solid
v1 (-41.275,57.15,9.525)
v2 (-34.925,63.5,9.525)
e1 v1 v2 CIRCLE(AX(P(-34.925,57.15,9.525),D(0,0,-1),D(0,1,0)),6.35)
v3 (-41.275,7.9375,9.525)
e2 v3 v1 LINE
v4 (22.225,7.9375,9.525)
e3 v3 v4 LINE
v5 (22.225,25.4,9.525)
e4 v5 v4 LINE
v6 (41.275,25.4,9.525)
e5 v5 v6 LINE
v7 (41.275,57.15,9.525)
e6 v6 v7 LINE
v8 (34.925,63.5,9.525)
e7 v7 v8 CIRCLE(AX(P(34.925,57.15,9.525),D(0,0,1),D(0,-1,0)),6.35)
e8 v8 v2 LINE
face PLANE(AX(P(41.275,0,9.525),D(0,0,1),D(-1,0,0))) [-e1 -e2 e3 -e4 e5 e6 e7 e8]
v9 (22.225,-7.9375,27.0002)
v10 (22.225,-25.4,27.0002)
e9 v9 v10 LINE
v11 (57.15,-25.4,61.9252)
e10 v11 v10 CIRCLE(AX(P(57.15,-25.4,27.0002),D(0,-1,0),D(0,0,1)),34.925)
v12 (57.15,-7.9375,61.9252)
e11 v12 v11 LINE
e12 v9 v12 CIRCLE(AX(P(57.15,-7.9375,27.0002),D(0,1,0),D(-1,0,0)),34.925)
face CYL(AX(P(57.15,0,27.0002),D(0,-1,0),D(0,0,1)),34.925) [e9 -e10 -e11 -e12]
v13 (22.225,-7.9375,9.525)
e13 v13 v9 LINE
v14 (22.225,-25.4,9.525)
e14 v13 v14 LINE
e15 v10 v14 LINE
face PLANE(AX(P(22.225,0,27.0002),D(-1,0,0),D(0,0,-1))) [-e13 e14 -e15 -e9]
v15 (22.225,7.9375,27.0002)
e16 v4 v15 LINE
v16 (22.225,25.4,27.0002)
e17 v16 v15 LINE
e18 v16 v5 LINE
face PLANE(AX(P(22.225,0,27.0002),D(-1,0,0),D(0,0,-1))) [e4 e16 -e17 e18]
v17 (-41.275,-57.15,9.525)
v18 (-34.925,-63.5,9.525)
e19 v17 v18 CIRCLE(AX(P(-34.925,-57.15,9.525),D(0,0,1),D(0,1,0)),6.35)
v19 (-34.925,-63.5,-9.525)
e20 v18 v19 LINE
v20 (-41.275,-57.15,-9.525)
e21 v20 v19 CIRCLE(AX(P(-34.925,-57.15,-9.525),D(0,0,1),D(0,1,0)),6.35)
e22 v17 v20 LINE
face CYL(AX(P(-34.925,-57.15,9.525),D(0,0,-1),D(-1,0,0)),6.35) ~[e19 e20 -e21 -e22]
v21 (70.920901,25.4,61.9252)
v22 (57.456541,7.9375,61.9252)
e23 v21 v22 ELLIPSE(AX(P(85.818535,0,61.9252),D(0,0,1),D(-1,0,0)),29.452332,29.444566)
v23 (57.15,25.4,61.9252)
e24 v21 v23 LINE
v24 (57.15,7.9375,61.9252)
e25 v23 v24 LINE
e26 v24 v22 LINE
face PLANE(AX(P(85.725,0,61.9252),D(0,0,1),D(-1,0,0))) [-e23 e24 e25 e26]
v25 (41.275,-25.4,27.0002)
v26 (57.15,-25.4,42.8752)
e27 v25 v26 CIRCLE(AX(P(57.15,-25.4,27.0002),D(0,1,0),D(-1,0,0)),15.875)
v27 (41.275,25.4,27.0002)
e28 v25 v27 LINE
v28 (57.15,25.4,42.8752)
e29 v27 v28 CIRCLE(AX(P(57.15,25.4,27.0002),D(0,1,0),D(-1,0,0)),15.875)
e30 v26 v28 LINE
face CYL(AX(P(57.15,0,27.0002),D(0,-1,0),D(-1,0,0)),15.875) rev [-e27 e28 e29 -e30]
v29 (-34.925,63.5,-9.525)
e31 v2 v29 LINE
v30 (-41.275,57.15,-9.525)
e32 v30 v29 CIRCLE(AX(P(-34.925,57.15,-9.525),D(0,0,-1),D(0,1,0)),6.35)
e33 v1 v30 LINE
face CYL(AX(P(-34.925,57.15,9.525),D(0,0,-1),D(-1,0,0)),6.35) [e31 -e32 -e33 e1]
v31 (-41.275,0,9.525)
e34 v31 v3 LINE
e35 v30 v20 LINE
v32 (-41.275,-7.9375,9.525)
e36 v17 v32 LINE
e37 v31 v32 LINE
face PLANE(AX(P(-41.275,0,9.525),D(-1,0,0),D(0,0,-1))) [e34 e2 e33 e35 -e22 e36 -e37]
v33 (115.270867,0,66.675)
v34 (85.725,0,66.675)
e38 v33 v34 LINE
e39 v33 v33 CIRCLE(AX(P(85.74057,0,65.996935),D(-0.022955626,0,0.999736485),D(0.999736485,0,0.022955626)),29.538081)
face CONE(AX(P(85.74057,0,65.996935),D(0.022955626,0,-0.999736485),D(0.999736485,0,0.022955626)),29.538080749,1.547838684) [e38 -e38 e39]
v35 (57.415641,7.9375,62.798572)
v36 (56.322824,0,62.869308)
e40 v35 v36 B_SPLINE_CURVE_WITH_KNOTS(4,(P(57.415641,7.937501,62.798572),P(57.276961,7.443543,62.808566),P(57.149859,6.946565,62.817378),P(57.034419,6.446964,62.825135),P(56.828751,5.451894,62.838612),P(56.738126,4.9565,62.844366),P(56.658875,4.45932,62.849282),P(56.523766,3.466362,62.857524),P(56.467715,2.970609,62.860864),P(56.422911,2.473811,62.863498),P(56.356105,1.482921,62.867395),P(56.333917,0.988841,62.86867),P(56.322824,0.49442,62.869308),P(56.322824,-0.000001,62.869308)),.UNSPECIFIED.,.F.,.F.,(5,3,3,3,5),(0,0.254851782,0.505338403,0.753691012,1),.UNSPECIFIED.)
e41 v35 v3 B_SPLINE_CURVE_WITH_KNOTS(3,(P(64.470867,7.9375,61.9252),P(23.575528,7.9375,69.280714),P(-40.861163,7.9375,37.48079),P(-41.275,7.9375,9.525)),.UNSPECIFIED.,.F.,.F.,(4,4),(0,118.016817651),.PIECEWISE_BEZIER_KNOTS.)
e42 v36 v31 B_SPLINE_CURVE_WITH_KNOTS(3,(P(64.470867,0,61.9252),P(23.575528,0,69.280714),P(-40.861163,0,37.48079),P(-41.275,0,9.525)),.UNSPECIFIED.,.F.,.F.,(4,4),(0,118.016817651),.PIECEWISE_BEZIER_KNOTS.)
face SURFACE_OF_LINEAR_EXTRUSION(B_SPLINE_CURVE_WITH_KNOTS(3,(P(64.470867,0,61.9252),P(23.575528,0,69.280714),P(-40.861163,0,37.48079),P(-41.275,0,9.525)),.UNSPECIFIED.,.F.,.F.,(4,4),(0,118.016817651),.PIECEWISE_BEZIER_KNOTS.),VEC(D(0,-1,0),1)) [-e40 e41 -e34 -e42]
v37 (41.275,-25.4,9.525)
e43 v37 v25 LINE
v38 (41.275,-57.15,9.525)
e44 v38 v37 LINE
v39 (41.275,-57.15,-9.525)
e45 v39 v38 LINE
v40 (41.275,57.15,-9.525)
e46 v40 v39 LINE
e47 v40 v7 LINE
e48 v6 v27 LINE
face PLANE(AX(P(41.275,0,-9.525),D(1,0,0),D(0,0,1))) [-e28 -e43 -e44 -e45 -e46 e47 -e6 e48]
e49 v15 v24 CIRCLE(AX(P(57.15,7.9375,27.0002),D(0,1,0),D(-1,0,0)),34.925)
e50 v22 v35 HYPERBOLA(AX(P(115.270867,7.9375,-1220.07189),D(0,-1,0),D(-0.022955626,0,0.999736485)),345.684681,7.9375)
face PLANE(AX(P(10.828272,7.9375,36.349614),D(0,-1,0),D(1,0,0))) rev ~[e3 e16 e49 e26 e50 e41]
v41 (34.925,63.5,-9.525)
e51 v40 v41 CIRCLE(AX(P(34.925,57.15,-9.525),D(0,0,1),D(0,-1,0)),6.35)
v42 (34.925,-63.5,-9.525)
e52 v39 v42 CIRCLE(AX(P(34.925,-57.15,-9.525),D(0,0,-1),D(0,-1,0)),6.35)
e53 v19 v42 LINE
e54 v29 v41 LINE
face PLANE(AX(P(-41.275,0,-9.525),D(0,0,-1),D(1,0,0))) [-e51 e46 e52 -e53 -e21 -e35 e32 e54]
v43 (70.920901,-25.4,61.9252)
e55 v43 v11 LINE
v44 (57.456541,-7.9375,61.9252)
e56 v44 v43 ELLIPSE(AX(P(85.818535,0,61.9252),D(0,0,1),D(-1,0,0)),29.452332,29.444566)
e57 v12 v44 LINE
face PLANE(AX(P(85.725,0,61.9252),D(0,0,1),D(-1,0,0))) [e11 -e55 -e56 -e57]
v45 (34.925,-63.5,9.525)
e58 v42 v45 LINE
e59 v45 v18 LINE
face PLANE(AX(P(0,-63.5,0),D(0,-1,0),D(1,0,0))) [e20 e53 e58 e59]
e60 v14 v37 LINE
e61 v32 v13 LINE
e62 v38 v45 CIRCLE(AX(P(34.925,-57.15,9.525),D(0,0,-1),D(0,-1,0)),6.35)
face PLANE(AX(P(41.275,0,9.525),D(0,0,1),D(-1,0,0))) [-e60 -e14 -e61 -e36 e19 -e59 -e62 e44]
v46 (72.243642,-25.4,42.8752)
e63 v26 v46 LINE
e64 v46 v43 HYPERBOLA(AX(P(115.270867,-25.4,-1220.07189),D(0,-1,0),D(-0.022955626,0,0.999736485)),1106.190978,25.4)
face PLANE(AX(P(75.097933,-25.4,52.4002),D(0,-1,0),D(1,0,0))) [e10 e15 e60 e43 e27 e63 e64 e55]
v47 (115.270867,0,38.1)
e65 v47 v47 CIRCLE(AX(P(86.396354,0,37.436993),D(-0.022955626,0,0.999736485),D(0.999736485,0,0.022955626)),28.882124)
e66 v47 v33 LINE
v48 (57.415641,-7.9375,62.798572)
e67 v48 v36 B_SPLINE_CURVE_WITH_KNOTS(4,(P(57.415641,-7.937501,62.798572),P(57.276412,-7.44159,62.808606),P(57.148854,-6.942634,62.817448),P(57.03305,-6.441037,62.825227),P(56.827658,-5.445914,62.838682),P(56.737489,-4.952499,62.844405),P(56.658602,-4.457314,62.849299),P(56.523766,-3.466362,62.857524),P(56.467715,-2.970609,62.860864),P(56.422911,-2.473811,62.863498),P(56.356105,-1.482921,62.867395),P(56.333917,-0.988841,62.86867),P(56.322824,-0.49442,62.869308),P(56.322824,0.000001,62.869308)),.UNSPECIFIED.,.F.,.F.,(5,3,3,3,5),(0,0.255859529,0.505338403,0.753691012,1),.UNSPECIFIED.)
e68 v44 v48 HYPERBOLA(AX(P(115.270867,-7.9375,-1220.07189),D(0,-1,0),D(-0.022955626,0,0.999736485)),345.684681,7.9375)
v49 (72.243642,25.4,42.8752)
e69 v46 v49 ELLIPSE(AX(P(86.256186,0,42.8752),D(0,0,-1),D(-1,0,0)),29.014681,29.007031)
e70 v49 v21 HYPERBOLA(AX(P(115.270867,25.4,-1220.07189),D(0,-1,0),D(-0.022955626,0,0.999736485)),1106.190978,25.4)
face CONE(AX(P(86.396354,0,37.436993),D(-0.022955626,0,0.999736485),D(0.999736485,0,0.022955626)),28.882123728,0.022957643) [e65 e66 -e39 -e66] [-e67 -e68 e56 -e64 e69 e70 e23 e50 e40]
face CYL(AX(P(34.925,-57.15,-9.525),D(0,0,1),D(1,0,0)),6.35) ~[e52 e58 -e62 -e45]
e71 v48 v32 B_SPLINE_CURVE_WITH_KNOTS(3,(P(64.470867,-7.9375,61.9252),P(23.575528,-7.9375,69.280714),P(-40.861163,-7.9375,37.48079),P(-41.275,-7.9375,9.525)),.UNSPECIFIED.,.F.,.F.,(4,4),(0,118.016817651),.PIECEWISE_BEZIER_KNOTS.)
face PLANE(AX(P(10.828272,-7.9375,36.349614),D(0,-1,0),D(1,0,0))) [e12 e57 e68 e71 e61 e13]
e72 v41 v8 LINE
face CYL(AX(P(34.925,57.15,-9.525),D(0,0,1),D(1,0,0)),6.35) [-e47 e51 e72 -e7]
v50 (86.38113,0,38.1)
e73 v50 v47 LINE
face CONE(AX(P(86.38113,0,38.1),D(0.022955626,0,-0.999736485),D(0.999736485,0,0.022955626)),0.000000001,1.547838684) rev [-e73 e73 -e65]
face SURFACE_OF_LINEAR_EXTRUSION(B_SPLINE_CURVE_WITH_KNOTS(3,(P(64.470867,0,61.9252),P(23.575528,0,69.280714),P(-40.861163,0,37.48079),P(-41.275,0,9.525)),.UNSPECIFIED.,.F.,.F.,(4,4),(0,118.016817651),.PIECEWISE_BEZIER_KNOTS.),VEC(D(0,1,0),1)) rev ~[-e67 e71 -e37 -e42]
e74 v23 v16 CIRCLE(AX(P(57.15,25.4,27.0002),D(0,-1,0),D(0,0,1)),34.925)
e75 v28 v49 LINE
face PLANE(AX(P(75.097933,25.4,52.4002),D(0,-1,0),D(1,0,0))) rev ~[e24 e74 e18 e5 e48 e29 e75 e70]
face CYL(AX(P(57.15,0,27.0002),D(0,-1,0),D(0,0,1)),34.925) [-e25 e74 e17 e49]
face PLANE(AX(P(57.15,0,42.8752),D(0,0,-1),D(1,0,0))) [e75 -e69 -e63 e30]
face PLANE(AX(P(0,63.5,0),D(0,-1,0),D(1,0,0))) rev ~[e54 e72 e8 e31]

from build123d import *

# Parameters (mm, degrees)
F1_DEPTH = 63.5
F0_W     = 21.2541334692
F0_H     = 19.05
F2_DEPTH = 25.4
F3_DEPTH = 7.9375
F5_R     = 6.35


with BuildPart() as f1:
    # F0 (on Front) → F1 (new body, symmetric)
    with BuildSketch(Plane.XZ):
        Polygon((22.225, 9.525), (-41.275, 9.525), (-41.275, -9.525), (41.275, -9.525), (41.275, 9.525), align=None)
    extrude(amount=F1_DEPTH, both=True)

    # F0 (on Front) → F2 (join, symmetric)
    with BuildSketch(Plane.XZ):
        with Locations((75.0979332654, 52.4002)):
            Rectangle(F0_W, F0_H)
        with BuildLine():
            Line((22.225, 27.0002), (22.225, 9.525))
            Line((22.225, 9.525), (41.275, 9.525))
            Line((41.275, 9.525), (41.275, 27.0002))
            ThreePointArc((41.275, 27.0002), (45.9246798487, 38.2255201513), (57.15, 42.8752))
            Line((57.15, 42.8752), (64.4708665308, 42.8752))
            Line((64.4708665308, 42.8752), (64.4708665308, 61.9252))
            Line((64.4708665308, 61.9252), (57.15, 61.9252))
            ThreePointArc((57.15, 61.9252), (32.4542956671, 51.6959043329), (22.225, 27.0002))
        make_face()
    extrude(amount=F2_DEPTH, both=True)

    # F0 (on Front) → F3 (join, symmetric)
    with BuildSketch(Plane.XZ):
        with BuildLine():
            add(Edge.make_bspline(
                [(64.4708665308, 61.9252), (23.5755275935, 69.2807137966), (-40.8611632884, 37.480790168), (-41.275, 9.525)],
                knots=[0, 0, 0, 0, 118.0168176507, 118.0168176507, 118.0168176507, 118.0168176507], degree=3))
            Line((-41.275, 9.525), (22.225, 9.525))
            Line((22.225, 9.525), (22.225, 27.0002))
            ThreePointArc((22.225, 27.0002), (32.4542956671, 51.6959043329), (57.15, 61.9252))
            Line((57.15, 61.9252), (64.4708665308, 61.9252))
        make_face()
    extrude(amount=F3_DEPTH, both=True)

    # F0 (on Front) → F4 (revolve)
    with BuildSketch(Plane.XZ):
        Polygon((115.2708665308, 66.675), (85.725, 66.675), (86.3811299205, 38.1), (115.2708665308, 38.1), align=None)
    revolve(axis=Axis((86.0530649602, 0, 52.3875), (-0.0229556263, 0, 0.9997364849)))

    # F5
    f5_edges = [f1.edges().sort_by_distance(p)[0] for p in [
        (-41.275, -63.5, 0),
        (41.275, -63.5, 0),
        (41.275, 63.5, 0),
        (-41.275, 63.5, 0),
    ]]
    fillet(f5_edges, radius=F5_R)


solid = f1.part
